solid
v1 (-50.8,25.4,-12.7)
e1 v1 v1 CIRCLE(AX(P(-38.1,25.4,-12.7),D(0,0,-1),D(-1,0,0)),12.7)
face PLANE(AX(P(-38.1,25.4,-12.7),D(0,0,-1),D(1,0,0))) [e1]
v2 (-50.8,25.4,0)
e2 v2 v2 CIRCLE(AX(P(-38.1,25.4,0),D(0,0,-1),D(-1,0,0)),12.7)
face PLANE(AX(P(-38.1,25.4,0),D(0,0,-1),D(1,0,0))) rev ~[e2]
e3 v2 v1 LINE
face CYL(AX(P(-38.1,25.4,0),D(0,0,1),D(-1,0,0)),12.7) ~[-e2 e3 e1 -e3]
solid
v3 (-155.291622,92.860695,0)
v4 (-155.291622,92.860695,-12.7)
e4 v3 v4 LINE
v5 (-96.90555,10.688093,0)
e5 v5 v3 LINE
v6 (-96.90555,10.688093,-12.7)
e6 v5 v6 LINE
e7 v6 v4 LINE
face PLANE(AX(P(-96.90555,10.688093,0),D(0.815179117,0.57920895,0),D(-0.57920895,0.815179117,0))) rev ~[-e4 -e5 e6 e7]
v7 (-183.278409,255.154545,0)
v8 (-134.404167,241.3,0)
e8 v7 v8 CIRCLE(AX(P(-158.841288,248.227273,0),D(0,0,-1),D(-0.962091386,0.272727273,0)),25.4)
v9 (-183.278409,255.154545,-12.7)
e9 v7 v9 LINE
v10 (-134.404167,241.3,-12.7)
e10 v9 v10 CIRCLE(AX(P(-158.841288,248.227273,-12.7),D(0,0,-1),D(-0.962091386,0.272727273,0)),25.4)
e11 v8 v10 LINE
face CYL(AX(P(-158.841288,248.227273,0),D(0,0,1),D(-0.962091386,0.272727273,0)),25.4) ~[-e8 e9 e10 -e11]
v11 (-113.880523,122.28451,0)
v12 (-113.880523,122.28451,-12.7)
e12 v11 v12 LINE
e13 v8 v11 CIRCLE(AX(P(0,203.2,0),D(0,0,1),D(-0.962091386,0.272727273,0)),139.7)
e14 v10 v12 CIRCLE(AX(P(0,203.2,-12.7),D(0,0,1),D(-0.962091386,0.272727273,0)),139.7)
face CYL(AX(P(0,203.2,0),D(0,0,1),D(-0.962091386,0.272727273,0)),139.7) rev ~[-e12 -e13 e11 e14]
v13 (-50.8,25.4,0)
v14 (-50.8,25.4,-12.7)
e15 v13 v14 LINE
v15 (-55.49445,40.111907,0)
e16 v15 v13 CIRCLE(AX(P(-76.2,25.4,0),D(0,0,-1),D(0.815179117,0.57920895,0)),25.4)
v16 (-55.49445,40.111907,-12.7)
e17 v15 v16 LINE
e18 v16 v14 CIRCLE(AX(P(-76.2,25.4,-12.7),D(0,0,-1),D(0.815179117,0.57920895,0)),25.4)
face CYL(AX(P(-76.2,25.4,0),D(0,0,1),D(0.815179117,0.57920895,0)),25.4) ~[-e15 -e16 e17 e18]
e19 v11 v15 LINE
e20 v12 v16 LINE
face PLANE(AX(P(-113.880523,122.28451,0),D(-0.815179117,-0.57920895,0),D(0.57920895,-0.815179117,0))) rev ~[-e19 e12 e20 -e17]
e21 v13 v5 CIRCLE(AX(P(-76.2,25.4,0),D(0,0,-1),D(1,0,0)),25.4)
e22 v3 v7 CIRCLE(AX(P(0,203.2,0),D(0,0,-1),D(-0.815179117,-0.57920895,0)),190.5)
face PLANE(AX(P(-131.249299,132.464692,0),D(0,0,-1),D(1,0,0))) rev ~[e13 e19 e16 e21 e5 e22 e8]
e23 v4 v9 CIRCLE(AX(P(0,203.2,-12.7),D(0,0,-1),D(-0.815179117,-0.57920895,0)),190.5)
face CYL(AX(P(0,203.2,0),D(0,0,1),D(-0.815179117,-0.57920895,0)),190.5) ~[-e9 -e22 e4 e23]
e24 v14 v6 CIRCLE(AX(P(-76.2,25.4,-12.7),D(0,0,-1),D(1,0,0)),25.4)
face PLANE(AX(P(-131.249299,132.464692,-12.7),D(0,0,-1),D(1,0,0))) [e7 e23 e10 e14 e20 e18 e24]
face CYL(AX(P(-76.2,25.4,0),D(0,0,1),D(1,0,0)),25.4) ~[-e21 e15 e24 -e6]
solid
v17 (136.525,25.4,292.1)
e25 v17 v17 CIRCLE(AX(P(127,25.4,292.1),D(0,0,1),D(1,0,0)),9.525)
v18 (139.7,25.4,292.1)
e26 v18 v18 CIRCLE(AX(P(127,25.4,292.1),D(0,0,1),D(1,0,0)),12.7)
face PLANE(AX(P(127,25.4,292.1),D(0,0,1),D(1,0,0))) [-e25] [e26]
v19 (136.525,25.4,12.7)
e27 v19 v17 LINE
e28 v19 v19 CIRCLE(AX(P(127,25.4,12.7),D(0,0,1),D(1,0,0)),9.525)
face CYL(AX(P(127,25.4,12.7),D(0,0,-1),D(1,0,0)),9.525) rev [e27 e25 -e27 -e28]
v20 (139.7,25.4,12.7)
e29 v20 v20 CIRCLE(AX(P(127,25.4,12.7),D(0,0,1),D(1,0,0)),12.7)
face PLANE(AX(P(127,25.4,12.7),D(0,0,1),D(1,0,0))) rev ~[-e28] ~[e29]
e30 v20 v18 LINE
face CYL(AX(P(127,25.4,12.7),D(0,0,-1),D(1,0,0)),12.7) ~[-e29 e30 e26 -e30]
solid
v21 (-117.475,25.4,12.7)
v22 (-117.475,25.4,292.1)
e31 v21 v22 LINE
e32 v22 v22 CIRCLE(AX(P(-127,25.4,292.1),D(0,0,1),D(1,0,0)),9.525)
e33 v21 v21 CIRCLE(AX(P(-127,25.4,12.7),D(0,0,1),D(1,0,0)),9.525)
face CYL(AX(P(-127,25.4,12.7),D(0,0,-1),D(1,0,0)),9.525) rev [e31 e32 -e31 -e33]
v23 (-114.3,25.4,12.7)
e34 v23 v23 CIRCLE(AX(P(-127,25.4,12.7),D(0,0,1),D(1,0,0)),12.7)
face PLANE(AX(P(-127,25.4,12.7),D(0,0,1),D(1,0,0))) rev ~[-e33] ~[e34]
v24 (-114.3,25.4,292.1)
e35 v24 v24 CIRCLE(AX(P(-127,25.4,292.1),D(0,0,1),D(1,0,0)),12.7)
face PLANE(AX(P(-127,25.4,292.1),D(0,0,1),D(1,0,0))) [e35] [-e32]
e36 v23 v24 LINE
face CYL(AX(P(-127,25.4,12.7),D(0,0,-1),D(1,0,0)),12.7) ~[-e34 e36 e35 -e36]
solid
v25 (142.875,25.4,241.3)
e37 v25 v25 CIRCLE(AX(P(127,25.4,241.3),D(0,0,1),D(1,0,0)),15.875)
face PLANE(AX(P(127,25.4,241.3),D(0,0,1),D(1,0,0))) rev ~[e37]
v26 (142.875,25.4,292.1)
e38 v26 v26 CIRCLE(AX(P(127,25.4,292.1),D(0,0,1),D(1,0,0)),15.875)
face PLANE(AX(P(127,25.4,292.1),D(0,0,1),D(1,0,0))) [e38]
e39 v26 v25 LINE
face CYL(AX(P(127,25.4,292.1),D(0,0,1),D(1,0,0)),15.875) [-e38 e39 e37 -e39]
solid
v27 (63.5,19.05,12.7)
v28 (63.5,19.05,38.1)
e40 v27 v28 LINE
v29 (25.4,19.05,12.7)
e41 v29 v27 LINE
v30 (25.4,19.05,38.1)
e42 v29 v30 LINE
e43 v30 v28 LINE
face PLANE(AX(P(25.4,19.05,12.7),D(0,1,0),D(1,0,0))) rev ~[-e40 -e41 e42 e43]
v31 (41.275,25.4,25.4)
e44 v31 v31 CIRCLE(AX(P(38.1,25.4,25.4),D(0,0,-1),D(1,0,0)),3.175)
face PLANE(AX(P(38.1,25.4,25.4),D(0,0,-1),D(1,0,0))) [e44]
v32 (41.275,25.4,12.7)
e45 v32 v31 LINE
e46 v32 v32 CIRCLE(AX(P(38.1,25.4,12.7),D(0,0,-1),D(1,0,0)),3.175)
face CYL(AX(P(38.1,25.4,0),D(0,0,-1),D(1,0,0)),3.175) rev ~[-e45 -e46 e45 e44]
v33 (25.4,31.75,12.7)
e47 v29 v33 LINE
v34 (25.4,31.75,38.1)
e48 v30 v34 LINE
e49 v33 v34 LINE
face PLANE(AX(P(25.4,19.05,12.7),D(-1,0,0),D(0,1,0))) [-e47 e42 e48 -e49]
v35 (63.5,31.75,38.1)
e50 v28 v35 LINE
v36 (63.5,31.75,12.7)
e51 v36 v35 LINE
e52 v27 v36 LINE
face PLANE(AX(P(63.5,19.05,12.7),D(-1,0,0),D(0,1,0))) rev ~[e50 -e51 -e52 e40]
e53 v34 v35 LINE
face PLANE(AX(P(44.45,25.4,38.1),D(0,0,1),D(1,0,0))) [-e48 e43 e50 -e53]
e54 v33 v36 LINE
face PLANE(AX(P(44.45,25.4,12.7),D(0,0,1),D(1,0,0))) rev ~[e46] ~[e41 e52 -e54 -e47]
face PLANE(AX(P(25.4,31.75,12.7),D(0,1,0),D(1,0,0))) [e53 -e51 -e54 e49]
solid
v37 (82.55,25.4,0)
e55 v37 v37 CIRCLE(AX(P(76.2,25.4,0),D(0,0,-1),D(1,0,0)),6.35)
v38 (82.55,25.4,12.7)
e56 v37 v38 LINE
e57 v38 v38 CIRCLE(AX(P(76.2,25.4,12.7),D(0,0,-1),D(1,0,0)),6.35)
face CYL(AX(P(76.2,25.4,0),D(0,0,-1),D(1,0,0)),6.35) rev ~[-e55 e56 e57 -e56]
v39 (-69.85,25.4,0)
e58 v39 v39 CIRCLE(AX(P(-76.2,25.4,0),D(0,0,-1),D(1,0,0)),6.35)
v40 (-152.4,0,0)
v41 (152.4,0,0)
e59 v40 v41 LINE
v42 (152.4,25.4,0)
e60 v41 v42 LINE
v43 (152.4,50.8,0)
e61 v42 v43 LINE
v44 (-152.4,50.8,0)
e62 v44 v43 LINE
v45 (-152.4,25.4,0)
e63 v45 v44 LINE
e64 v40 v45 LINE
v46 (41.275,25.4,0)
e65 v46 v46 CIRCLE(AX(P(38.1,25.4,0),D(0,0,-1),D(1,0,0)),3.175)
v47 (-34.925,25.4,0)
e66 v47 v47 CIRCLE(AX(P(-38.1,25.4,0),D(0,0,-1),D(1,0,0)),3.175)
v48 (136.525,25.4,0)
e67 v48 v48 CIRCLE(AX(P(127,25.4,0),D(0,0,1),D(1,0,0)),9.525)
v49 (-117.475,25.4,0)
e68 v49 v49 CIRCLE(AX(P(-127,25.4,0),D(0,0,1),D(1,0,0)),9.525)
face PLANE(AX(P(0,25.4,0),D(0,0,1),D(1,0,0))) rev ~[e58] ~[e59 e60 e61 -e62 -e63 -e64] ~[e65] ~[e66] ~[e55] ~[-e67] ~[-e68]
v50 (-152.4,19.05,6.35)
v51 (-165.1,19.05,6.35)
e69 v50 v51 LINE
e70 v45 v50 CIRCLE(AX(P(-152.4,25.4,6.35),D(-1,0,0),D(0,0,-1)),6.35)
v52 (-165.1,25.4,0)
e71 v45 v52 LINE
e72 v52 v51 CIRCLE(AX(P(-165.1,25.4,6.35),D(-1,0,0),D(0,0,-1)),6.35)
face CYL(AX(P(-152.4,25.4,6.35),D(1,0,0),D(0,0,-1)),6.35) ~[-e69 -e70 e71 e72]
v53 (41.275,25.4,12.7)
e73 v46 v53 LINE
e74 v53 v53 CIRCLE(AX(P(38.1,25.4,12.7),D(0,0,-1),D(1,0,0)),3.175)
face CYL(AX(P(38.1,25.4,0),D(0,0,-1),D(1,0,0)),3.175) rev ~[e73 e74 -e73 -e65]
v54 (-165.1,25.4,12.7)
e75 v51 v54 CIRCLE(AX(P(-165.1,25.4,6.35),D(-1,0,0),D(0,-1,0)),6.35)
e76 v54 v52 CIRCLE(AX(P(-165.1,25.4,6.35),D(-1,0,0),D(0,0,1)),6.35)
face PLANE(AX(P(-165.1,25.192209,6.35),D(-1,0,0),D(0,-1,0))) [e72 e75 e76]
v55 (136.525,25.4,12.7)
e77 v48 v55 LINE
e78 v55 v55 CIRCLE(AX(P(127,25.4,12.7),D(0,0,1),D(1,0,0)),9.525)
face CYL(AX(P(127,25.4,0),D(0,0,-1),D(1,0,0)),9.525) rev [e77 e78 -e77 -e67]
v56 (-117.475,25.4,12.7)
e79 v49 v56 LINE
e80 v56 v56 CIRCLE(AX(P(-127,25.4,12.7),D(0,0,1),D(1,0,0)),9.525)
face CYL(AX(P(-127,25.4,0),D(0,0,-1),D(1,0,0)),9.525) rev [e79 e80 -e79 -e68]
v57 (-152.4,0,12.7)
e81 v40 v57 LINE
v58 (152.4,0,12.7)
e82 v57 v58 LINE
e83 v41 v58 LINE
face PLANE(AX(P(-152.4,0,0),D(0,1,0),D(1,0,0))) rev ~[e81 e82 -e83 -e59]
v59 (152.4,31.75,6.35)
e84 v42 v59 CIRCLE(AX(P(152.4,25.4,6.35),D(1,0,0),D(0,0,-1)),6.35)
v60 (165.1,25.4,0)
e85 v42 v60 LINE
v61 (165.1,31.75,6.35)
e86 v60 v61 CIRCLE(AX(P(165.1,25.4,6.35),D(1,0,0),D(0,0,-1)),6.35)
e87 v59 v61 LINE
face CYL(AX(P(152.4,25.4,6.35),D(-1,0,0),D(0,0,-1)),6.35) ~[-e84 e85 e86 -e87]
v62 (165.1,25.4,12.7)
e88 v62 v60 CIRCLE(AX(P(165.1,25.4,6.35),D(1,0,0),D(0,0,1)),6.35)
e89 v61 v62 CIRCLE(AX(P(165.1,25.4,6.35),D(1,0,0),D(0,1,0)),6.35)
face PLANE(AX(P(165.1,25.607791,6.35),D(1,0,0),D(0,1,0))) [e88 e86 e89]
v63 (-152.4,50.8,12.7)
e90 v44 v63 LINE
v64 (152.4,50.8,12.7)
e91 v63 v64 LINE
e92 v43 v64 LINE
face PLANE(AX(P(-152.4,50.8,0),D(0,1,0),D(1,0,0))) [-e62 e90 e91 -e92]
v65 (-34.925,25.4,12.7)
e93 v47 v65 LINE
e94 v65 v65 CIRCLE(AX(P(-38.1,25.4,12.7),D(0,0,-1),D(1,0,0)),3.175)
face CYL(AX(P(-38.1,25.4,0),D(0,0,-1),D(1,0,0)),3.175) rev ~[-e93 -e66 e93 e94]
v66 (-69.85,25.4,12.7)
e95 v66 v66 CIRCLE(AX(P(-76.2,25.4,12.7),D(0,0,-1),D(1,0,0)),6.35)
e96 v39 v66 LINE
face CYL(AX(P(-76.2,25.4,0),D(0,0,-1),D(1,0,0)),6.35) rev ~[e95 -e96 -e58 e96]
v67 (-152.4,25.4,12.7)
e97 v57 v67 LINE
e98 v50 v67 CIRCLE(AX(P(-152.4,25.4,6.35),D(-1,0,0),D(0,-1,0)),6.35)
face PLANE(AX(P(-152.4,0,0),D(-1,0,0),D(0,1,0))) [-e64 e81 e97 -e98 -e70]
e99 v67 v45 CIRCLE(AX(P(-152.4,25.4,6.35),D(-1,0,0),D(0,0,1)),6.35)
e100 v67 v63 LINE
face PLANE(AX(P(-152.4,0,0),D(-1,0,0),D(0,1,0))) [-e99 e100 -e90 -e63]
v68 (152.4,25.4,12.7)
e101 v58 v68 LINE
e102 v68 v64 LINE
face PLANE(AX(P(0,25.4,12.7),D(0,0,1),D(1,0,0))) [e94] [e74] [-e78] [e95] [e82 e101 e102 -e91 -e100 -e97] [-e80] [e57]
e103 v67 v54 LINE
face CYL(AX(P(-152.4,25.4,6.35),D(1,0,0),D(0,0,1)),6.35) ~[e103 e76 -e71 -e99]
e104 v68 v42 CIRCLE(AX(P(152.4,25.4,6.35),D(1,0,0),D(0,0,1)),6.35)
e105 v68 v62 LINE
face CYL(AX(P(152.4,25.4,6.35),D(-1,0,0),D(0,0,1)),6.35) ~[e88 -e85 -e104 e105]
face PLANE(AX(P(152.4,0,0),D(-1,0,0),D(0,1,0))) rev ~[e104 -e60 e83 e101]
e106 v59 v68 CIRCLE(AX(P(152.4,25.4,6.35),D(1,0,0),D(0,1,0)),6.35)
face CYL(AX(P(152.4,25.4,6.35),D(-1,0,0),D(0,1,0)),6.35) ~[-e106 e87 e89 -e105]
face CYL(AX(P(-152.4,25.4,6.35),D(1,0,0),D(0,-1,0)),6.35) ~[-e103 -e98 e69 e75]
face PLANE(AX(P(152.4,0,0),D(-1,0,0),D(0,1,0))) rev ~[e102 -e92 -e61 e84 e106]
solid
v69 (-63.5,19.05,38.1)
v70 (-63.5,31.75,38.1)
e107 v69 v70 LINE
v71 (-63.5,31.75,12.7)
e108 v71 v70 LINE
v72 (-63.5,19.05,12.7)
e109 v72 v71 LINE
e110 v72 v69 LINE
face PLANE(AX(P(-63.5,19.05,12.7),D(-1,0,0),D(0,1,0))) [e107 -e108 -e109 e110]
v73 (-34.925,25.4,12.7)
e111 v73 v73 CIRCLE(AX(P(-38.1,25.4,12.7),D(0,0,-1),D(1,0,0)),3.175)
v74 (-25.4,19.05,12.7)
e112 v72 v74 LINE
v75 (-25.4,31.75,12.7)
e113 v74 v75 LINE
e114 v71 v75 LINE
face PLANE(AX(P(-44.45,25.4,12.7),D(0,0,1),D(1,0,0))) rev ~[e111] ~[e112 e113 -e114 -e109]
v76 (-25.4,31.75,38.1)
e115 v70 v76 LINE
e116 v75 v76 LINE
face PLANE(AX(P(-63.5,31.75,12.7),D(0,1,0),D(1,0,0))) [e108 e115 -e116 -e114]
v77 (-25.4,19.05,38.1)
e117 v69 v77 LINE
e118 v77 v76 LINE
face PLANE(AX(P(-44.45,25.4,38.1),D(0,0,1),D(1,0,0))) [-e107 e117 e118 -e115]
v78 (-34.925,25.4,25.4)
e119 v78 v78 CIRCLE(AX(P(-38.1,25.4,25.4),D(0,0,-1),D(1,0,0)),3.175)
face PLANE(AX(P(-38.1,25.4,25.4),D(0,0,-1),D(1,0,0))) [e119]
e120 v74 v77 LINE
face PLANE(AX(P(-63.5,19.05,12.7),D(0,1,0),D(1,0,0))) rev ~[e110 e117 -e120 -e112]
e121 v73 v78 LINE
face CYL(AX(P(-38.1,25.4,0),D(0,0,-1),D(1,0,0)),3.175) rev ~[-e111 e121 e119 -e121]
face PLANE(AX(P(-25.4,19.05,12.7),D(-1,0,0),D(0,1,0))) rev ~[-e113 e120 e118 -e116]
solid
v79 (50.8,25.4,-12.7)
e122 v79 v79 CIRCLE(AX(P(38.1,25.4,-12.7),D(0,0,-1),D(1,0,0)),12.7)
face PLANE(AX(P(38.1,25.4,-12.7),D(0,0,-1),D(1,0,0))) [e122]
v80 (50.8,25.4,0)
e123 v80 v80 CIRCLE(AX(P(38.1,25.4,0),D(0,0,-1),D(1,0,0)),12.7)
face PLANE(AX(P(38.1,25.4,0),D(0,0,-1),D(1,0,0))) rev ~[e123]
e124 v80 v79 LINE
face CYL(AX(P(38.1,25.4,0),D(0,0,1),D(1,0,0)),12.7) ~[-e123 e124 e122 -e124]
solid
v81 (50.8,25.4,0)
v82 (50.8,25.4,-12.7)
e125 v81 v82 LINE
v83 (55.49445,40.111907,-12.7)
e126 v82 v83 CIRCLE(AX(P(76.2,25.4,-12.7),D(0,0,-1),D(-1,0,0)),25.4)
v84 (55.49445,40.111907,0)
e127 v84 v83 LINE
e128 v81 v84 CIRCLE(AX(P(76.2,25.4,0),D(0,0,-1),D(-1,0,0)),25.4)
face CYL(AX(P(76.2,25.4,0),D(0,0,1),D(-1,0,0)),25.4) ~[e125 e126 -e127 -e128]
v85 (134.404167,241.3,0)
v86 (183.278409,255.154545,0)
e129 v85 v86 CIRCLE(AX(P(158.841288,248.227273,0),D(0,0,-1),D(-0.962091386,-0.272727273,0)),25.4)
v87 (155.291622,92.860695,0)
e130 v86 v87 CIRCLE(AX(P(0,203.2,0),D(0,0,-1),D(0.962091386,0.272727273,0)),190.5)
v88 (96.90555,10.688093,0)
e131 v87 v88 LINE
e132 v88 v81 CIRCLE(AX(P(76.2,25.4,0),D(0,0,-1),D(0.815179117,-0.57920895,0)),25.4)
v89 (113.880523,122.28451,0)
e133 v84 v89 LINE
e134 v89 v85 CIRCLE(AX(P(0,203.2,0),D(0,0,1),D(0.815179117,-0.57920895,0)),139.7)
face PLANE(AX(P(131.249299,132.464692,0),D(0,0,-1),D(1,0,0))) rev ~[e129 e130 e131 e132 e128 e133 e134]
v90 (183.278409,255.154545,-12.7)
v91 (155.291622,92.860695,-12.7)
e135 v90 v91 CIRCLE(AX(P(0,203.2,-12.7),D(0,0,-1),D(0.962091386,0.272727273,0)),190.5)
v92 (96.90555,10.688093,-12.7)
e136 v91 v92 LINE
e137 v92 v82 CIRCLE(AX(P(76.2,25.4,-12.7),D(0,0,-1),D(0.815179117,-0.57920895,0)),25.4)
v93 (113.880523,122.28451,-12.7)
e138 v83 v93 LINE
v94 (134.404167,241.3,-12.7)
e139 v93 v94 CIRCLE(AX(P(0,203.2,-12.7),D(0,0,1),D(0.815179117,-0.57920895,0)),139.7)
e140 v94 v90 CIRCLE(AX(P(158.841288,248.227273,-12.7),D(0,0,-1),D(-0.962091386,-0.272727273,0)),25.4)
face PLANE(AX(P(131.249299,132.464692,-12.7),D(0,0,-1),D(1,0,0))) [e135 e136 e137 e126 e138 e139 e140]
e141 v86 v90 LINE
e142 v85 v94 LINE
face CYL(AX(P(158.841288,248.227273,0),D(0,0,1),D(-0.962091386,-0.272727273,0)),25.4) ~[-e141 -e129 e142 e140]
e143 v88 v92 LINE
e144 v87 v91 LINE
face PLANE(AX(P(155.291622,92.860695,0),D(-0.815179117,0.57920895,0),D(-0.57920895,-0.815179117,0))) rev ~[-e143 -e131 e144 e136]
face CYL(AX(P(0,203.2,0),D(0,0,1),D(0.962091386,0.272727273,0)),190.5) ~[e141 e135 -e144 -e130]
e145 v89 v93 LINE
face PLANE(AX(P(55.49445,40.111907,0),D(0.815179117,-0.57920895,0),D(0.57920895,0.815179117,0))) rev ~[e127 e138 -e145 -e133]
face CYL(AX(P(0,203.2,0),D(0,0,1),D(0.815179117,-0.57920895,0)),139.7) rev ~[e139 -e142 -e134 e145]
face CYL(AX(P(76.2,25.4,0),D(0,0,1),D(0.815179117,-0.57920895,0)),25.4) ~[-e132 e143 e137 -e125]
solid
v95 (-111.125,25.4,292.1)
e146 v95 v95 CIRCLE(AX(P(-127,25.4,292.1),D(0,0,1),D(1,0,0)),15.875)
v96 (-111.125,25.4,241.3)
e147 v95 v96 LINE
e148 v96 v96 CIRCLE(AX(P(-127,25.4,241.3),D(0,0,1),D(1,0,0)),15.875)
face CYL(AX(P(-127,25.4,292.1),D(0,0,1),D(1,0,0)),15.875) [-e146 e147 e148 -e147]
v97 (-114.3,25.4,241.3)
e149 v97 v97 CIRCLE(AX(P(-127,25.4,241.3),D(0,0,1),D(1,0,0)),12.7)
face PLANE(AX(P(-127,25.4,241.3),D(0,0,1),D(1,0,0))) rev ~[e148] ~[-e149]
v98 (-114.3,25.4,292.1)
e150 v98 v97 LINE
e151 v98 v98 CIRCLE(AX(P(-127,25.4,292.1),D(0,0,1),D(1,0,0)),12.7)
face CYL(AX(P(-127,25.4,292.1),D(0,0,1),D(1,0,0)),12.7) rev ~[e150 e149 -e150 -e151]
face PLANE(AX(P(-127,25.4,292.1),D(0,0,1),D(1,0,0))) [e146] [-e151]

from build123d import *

# Parameters (mm, degrees)
F0_W      = 304.8
F0_H      = 50.8
F0_R      = 9.525
F1_DEPTH  = 12.7
F2_R      = 12.7
F2_R_2    = 9.525
F3_DEPTH  = 279.4
F4_W      = 38.1
F4_H      = 12.7
F5_DEPTH  = 25.4
F6_R      = 3.175
F6_R_2    = 6.35
F7_DEPTH  = 25.4
F9_DEPTH  = 12.7
F8_R      = 12.7
F10_R     = 15.875
F10_R_2   = 12.7
F11_DEPTH = 50.8
F14_DEPTH = 12.7
F15_DEPTH = 12.7


with BuildPart() as f1:
    # F0 (on Top) → F1 (new body)
    with BuildSketch(Plane.XY):
        with Locations((0, 25.4)):
            Rectangle(F0_W, F0_H)
        with Locations((-127, 25.4)):
            Circle(F0_R, mode=Mode.SUBTRACT)
        with Locations((127, 25.4)):
            Circle(F0_R, mode=Mode.SUBTRACT)
    extrude(amount=F1_DEPTH)


with BuildPart() as f3:
    # F2 (on face) → F3 (new body)
    with BuildSketch(Plane.XY.offset(12.7)):
        with Locations((-127, 25.4)):
            Circle(F2_R)
        with Locations((-127, 25.4)):
            Circle(F2_R_2, mode=Mode.SUBTRACT)
    extrude(amount=F3_DEPTH)


with BuildPart() as f3b:
    # F2 (on face) → F3, piece 2 (new body)
    with BuildSketch(Plane.XY.offset(12.7)):
        with Locations((127, 25.4)):
            Circle(F2_R)
        with Locations((127, 25.4)):
            Circle(F2_R_2, mode=Mode.SUBTRACT)
    extrude(amount=F3_DEPTH)


with BuildPart() as f5:
    # F4 (on face) → F5 (new body)
    with BuildSketch(Plane.XY.offset(12.7)):
        with Locations((44.45, 25.4)):
            Rectangle(F4_W, F4_H)
    extrude(amount=F5_DEPTH)


with BuildPart() as f5b:
    # F4 (on face) → F5, piece 2 (new body)
    with BuildSketch(Plane.XY.offset(12.7)):
        with Locations((-44.45, 25.4)):
            Rectangle(F4_W, F4_H)
    extrude(amount=F5_DEPTH)


with BuildPart() as f7_tool:
    # F6 (on face) → F7 (new body)
    with BuildSketch(Plane(origin=(0, 0, 0), x_dir=(1, 0, 0), z_dir=(0, 0, -1))):
        with Locations((-38.1, -25.4)):
            Circle(F6_R)
        with Locations((38.1, -25.4)):
            Circle(F6_R)
        with Locations((-76.2, -25.4)):
            Circle(F6_R_2)
        with Locations((76.2, -25.4)):
            Circle(F6_R_2)
    extrude(amount=-F7_DEPTH)


with BuildPart() as f1_1:
    add(f1.part)

    # F7: cut by f7_tool
    add(f7_tool.part, mode=Mode.SUBTRACT)

    # F12 (on face) → F14 (join)
    with BuildSketch(Plane.YZ.offset(152.4)):
        with BuildLine():
            ThreePointArc((25.4, 0), (29.8901280605, 1.8598719395), (31.75, 6.35))
            ThreePointArc((31.75, 6.35), (29.8901280605, 10.8401280605), (25.4, 12.7))
            ThreePointArc((25.4, 12.7), (19.05, 6.35), (25.4, 0))
        make_face()
    extrude(amount=F14_DEPTH)

    # F13 (on face) → F15 (join)
    with BuildSketch(Plane(origin=(-152.4, 0, 0), x_dir=(0, -1, 0), z_dir=(-1, 0, 0))):
        with BuildLine():
            ThreePointArc((-25.4, 0), (-20.9098719395, 1.8598719395), (-19.05, 6.35))
            ThreePointArc((-19.05, 6.35), (-20.9098719395, 10.8401280605), (-25.4, 12.7))
            ThreePointArc((-25.4, 12.7), (-31.75, 6.35), (-25.4, 0))
        make_face()
    extrude(amount=F15_DEPTH)


with BuildPart() as f5_1:
    add(f5.part)

    # F7: cut by f7_tool
    add(f7_tool.part, mode=Mode.SUBTRACT)


with BuildPart() as f5b_1:
    add(f5b.part)

    # F7: cut by f7_tool
    add(f7_tool.part, mode=Mode.SUBTRACT)


with BuildPart() as f9:
    # F8 (on face) → F9 (new body)
    with BuildSketch(Plane(origin=(0, 0, 0), x_dir=(1, 0, 0), z_dir=(0, 0, -1))):
        with BuildLine():
            Line((-113.8805225972, -122.2845096845), (-55.4944504369, -40.1119073301))
            ThreePointArc((-55.4944504369, -40.1119073301), (-52.002056297, -33.12136779), (-50.8, -25.4))
            ThreePointArc((-50.8, -25.4), (-68.47863221, -1.202056297), (-96.9055495631, -10.6880926699))
            Line((-96.9055495631, -10.6880926699), (-155.2916217234, -92.8606950243))
            ThreePointArc((-155.2916217234, -92.8606950243), (-187.7291663497, -170.8270158675), (-183.2784090028, -255.1545454545))
            ThreePointArc((-183.2784090028, -255.1545454545), (-151.9140150752, -272.6643939277), (-134.4041666021, -241.3))
            ThreePointArc((-134.4041666021, -241.3), (-137.6680553231, -179.4598116362), (-113.8805225972, -122.2845096845))
        make_face()
    extrude(amount=F9_DEPTH)


with BuildPart() as f9b:
    # F8 (on face) → F9, piece 2 (new body)
    with BuildSketch(Plane(origin=(0, 0, 0), x_dir=(1, 0, 0), z_dir=(0, 0, -1))):
        with BuildLine():
            ThreePointArc((-25.4, -25.4), (-38.1, -12.7), (-50.8, -25.4))
            ThreePointArc((-50.8, -25.4), (-38.1, -38.1), (-25.4, -25.4))
        make_face()
    extrude(amount=F9_DEPTH)


with BuildPart() as f9c:
    # F8 (on face) → F9, piece 3 (new body)
    with BuildSketch(Plane(origin=(0, 0, 0), x_dir=(1, 0, 0), z_dir=(0, 0, -1))):
        with Locations((38.1, -25.4)):
            Circle(F8_R)
    extrude(amount=F9_DEPTH)


with BuildPart() as f9d:
    # F8 (on face) → F9, piece 4 (new body)
    with BuildSketch(Plane(origin=(0, 0, 0), x_dir=(1, 0, 0), z_dir=(0, 0, -1))):
        with BuildLine():
            ThreePointArc((96.9055495631, -10.6880926699), (68.47863221, -1.202056297), (50.8, -25.4))
            ThreePointArc((50.8, -25.4), (52.002056297, -33.12136779), (55.4944504369, -40.1119073301))
            Line((55.4944504369, -40.1119073301), (113.8805225972, -122.2845096845))
            ThreePointArc((113.8805225972, -122.2845096845), (137.6680553231, -179.4598116362), (134.4041666021, -241.3))
            ThreePointArc((134.4041666021, -241.3), (151.9140150752, -272.6643939277), (183.2784090028, -255.1545454545))
            ThreePointArc((183.2784090028, -255.1545454545), (187.7291663497, -170.8270158675), (155.2916217234, -92.8606950243))
            Line((155.2916217234, -92.8606950243), (96.9055495631, -10.6880926699))
        make_face()
    extrude(amount=F9_DEPTH)


with BuildPart() as f11:
    # F10 (on face) → F11 (new body)
    with BuildSketch(Plane.XY.offset(292.1)):
        with Locations((-127, 25.4)):
            Circle(F10_R)
        with Locations((-127, 25.4)):
            Circle(F10_R_2, mode=Mode.SUBTRACT)
    extrude(amount=-F11_DEPTH)


with BuildPart() as f11b:
    # F10 (on face) → F11, piece 2 (new body)
    with BuildSketch(Plane.XY.offset(292.1)):
        with Locations((127, 25.4)):
            Circle(F10_R)
    extrude(amount=-F11_DEPTH)


solid = Compound([f3.part, f3b.part, f1_1.part, f5_1.part, f5b_1.part, f9.part, f9b.part, f9c.part, f9d.part, f11.part, f11b.part])
